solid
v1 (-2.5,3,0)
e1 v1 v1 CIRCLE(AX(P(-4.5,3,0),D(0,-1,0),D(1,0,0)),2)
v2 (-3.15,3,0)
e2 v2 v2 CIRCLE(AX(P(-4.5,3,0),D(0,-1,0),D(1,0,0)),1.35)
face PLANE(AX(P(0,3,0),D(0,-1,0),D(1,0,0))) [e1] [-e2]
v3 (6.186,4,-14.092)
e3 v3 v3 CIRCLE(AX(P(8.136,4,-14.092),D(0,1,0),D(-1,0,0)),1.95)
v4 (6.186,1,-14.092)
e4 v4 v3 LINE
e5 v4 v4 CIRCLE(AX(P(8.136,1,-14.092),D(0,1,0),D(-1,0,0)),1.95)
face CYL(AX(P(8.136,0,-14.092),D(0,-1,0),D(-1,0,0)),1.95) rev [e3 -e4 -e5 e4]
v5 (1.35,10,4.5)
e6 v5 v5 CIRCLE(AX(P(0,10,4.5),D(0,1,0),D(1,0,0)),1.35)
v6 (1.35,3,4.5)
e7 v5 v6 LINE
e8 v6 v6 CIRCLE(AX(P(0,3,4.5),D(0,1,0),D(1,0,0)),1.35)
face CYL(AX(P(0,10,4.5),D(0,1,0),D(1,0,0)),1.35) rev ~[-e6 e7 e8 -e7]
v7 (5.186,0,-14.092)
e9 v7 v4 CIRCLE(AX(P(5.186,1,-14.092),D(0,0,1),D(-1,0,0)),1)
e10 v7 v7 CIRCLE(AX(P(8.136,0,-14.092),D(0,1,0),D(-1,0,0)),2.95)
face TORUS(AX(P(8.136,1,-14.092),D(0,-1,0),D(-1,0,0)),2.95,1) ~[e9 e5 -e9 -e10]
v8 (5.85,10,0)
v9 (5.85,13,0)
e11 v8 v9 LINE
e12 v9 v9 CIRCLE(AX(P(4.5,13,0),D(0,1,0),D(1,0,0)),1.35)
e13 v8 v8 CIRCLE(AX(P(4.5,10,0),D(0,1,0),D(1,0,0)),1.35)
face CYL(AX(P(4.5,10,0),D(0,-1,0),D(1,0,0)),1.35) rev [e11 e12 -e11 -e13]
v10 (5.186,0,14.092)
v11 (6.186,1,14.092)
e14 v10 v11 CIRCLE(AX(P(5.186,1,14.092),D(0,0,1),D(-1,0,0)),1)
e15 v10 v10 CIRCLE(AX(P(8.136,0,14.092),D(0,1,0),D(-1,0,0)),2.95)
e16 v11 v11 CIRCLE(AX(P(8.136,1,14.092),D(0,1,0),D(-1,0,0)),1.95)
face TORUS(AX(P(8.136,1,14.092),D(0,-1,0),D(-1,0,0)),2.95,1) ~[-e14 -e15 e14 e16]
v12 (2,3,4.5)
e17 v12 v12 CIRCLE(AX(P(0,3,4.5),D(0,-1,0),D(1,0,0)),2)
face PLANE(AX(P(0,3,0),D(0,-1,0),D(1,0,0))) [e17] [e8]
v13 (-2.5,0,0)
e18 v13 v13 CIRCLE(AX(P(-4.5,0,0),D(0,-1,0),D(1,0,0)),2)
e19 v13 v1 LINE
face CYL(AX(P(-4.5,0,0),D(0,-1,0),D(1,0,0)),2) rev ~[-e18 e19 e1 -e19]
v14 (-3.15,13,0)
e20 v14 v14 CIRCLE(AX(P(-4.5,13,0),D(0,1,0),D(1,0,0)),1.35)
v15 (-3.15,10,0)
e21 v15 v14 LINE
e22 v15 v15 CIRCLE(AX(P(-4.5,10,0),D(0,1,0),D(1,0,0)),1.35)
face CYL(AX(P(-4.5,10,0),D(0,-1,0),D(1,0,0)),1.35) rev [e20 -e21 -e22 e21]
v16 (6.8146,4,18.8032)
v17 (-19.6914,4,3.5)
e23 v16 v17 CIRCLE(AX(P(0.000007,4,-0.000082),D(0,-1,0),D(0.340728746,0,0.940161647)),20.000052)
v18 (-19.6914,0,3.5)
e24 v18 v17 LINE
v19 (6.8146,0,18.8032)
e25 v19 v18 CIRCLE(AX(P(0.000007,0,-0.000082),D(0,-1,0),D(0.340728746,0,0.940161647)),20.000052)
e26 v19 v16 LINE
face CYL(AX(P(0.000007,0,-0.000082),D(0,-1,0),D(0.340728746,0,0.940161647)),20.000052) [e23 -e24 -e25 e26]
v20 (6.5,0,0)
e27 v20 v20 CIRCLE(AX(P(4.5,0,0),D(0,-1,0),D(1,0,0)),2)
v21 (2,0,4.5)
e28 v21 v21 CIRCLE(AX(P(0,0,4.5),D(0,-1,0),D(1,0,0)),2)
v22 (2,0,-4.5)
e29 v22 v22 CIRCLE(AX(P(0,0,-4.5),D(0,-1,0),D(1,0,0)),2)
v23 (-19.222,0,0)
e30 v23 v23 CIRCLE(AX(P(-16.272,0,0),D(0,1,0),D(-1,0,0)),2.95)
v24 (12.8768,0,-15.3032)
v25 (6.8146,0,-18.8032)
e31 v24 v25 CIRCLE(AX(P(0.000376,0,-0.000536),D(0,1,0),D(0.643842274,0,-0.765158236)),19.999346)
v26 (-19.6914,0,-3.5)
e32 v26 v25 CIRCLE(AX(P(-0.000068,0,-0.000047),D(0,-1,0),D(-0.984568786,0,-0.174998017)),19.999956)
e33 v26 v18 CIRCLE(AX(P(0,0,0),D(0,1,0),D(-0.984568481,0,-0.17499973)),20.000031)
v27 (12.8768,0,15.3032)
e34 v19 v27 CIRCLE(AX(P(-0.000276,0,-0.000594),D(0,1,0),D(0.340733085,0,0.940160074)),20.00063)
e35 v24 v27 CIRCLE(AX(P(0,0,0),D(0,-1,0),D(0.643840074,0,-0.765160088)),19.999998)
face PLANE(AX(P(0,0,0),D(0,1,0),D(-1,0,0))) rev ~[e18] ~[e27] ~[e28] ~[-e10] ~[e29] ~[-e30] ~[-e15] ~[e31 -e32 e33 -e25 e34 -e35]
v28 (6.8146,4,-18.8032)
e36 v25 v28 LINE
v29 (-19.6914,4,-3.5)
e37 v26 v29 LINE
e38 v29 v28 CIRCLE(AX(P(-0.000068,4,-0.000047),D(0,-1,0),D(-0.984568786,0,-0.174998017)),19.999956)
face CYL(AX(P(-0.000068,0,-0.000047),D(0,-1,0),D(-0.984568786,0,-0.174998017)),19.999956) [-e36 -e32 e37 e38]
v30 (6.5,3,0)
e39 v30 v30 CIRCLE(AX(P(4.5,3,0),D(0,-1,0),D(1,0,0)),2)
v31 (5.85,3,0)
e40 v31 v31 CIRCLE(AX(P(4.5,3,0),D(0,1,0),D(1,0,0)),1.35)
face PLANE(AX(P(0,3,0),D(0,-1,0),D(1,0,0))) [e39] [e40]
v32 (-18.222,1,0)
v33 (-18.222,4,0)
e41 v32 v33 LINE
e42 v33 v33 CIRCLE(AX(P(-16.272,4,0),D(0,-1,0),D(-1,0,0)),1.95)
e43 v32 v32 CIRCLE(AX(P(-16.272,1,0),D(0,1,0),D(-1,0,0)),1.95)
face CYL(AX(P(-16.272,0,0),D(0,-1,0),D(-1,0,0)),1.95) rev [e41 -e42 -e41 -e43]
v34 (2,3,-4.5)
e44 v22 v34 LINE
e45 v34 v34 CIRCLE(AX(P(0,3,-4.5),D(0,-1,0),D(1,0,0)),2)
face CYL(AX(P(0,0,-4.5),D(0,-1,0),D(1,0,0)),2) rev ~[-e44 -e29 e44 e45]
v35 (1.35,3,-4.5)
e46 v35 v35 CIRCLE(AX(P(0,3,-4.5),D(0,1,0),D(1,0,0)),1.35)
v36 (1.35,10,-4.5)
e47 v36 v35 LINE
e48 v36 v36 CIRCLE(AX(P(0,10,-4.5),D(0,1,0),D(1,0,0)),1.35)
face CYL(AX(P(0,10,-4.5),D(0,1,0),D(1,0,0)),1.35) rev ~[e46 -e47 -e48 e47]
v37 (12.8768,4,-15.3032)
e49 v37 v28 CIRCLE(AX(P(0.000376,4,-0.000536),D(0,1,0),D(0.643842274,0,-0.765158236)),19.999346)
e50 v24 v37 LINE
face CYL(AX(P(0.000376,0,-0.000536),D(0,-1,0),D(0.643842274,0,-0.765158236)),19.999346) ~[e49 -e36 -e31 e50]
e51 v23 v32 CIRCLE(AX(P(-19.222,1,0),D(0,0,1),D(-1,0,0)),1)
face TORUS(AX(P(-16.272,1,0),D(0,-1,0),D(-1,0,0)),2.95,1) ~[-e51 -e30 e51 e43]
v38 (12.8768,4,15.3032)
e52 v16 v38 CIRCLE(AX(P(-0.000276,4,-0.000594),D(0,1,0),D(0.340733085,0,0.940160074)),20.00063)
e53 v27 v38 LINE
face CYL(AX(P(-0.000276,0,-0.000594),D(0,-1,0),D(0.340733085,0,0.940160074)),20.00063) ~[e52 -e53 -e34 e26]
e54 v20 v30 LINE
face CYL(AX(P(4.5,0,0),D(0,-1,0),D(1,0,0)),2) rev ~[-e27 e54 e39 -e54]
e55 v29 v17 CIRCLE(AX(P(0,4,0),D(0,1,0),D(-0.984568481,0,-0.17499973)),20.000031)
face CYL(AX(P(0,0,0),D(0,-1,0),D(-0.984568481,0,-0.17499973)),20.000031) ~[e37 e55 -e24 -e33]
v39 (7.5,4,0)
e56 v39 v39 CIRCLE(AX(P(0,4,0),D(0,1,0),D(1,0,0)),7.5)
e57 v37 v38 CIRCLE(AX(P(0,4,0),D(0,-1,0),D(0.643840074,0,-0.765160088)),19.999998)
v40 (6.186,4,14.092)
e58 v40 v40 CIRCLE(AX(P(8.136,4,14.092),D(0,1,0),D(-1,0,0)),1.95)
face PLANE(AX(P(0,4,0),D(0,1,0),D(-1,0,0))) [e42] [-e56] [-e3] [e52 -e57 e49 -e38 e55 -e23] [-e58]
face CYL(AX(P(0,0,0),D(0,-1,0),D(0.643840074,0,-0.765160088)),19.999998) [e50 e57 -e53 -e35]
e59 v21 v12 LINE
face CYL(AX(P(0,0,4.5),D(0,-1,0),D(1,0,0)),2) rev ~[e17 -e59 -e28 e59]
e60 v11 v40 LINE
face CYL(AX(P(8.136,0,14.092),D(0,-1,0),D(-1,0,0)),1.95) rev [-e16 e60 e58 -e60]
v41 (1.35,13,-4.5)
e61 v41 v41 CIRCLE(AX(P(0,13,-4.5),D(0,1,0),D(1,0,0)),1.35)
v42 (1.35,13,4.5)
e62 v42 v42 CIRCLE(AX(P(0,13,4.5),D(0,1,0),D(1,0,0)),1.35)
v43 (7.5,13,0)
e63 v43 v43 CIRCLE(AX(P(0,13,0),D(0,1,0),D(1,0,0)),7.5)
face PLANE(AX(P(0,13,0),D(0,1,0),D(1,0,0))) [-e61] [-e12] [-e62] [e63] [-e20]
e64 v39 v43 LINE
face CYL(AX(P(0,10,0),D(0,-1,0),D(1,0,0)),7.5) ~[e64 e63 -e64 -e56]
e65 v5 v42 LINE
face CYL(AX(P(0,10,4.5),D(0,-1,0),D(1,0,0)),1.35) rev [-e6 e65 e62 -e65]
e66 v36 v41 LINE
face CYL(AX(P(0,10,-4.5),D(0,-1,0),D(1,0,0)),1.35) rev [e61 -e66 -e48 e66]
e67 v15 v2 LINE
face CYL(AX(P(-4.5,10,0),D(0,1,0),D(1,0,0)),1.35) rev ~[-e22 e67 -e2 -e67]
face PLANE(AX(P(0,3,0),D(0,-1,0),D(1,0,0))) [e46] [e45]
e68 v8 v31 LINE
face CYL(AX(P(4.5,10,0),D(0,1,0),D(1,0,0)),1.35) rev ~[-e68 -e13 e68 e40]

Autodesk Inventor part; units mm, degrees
ref_plane "YZ Plane" through (0, 0, 0) normal (1, 0, 0) x (0, 1, 0)
ref_plane "XZ Plane" through (0, 0, 0) normal (0, 1, 0) x (-1, 0, 0)
ref_plane "XY Plane" through (0, 0, 0) normal (0, 0, 1) x (1, 0, 0)
sketch "Sketch1" plane through (0, 0, 0) normal (0, 1, 0) x (-1, 0, 0)
  circle A0 centre (16.272, 0) radius 1.95
  line L0 (14.741, 3.5) -> (19.6914, 3.5)
  line L1 (14.741, -3.5) -> (19.6914, -3.5)
  line L2 (14.741, 3.5) -> (12, 3.5)
  line L3 (14.741, -3.5) -> (12, -3.5)
  line L4 (-2.9689, 12.1423) -> (-6.8146, 18.8032)
  line L5 (-12.8768, 15.3032) -> (-9.0311, 8.6423)
  line L6 (12, -3.5) -> (19.6914, -3.5)
  line L7 (12, 3.5) -> (19.6914, 3.5)
  line L8 (-2.9689, -12.1423) -> (-6.8146, -18.8032)
  line L9 (-9.0311, -8.6423) -> (-12.8768, -15.3032)
  arc A1 (-6.8146, 18.8032) -> (-12.8768, 15.3032) centre (0, 0) ccw
  arc A2 (-12.8768, -15.3032) -> (-6.8146, -18.8032) centre (0, 0) ccw
  arc A3 (19.6914, -3.5) -> (19.6914, 3.5) centre (0, 0) ccw
  arc A4 (-9.0311, 8.6423) -> (-9.0311, -8.6423) centre (0, 0) ccw
  arc A5 (-2.9689, -12.1423) -> (12, -3.5) centre (0, 0) ccw
  arc A6 (12, 3.5) -> (-2.9689, 12.1423) centre (0, 0) ccw
  line L10 (0, 0) -> (16.272, 0)
  circle A7 centre (-8.136, 14.092) radius 1.95
  circle A8 centre (-8.136, -14.092) radius 1.95
  dimension "d6" = 3.9
  dimension "d20" = 16.272
  dimension "d23" = 360
extrude "Extrusion1" add sketch "Sketch1" along normal blind 4
sketch "Sketch2" plane through (0, 4, 0) normal (0, 1, 0) x (1, 0, 0)
  circle A0 centre (0, 0) radius 7.5
extrude "Extrusion2" add sketch "Sketch2" along normal blind 6
sketch "Sketch3" plane through (0, 10, 0) normal (0, 1, 0) x (1, 0, 0)
  circle A0 centre (-4.5, 0) radius 1.35
  circle A1 centre (0, -4.5) radius 1.35
  circle A2 centre (4.5, 0) radius 1.35
  circle A3 centre (0, 4.5) radius 1.35
  point P0 (0, 0)
  point P1 (0, 0)
  dimension "d26" = 2.7
  dimension "d30" = 360
extrude "Extrusion3" cut sketch "Sketch3" against normal through all
sketch "Sketch4" plane through (0, 0, 0) normal (0, -1, 0) x (1, 0, 0)
  circle A0 centre (-4.5, 0) radius 1.35 projected
  circle A1 centre (-4.5, 0) radius 2
  circle A2 centre (0, -4.5) radius 2
  circle A3 centre (4.5, 0) radius 2
  circle A4 centre (0, 4.5) radius 2
  point P0 (0, 0)
  point P1 (0, 0)
  dimension "d34" = 4
  dimension "d37" = 360
extrude "Extrusion4" cut sketch "Sketch4" against normal blind 3
sketch "Sketch5" plane through (0, 0, 0) normal (0, -1, 0) x (1, 0, 0)
  arc A0 (12.8768, 15.3032) -> (6.8146, 18.8032) centre (0, 0) ccw projected
  arc A1 (-19.6914, 3.5) -> (-19.6914, -3.5) centre (0, 0) ccw projected
  line L0 (-19.6914, 3.5) -> (-12, 3.5) projected
  line L1 (-19.6914, 3.5) -> (-12, 3.5)
  line L2 (-12, -3.5) -> (-19.6914, -3.5) projected
  line L3 (-19.6914, -3.5) -> (-12, -3.5)
  line L4 (6.8146, -18.8032) -> (2.9689, -12.1423) projected
  line L5 (6.8146, -18.8032) -> (2.9689, -12.1423)
  line L6 (9.0311, -8.6423) -> (12.8768, -15.3032) projected
  line L7 (12.8768, -15.3032) -> (9.0311, -8.6423)
  line L8 (12.8768, 15.3032) -> (9.0311, 8.6423) projected
  arc A2 (9.0311, -8.6423) -> (9.0311, 8.6423) centre (0, 0) ccw projected
  line L9 (12.8768, 15.3032) -> (9.0311, 8.6423)
  line L10 (2.9689, 12.1423) -> (6.8146, 18.8032) projected
  line L11 (6.8146, 18.8032) -> (2.9689, 12.1423)
  arc A3 (2.9689, 12.1423) -> (-12, 3.5) centre (0, 0) ccw projected
  arc A4 (2.9689, 12.1423) -> (-12, 3.5) centre (0, 0) ccw
  arc A5 (6.8146, 18.8032) -> (-19.6914, 3.5) centre (0, 0) ccw
  arc A6 (-19.6914, -3.5) -> (6.8146, -18.8032) centre (0, 0) ccw
  arc A7 (12.8768, -15.3032) -> (12.8768, 15.3032) centre (0, 0) ccw
  arc A8 (-12, -3.5) -> (2.9689, -12.1423) centre (0, 0) ccw
  arc A9 (9.0311, -8.6423) -> (9.0311, 8.6423) centre (0, 0) ccw
extrude "Extrusion5" add sketch "Sketch5" against normal up to surface (4 mm away)
fillet "Fillet1" radius 1 3 edges at (10.086, 0, 14.092) (-14.322, 0, 0) (10.086, 0, -14.092)
sketch "Sketch6" plane through (0, 10, 0) normal (0, 1, 0) x (1, 0, 0)
  circle A0 centre (0, 0) radius 7.5
  circle A1 centre (-4.5, 0) radius 1.35 projected
  circle A2 centre (-4.5, 0) radius 1.35
  circle A3 centre (0, 4.5) radius 1.35 projected
  circle A4 centre (0, 4.5) radius 1.35
  circle A5 centre (4.5, 0) radius 1.35 projected
  circle A6 centre (4.5, 0) radius 1.35
  circle A7 centre (0, -4.5) radius 1.35 projected
  circle A8 centre (0, -4.5) radius 1.35
extrude "Extrusion6" add sketch "Sketch6" along normal blind 3
properties part number "Planet_Gear_Output"
